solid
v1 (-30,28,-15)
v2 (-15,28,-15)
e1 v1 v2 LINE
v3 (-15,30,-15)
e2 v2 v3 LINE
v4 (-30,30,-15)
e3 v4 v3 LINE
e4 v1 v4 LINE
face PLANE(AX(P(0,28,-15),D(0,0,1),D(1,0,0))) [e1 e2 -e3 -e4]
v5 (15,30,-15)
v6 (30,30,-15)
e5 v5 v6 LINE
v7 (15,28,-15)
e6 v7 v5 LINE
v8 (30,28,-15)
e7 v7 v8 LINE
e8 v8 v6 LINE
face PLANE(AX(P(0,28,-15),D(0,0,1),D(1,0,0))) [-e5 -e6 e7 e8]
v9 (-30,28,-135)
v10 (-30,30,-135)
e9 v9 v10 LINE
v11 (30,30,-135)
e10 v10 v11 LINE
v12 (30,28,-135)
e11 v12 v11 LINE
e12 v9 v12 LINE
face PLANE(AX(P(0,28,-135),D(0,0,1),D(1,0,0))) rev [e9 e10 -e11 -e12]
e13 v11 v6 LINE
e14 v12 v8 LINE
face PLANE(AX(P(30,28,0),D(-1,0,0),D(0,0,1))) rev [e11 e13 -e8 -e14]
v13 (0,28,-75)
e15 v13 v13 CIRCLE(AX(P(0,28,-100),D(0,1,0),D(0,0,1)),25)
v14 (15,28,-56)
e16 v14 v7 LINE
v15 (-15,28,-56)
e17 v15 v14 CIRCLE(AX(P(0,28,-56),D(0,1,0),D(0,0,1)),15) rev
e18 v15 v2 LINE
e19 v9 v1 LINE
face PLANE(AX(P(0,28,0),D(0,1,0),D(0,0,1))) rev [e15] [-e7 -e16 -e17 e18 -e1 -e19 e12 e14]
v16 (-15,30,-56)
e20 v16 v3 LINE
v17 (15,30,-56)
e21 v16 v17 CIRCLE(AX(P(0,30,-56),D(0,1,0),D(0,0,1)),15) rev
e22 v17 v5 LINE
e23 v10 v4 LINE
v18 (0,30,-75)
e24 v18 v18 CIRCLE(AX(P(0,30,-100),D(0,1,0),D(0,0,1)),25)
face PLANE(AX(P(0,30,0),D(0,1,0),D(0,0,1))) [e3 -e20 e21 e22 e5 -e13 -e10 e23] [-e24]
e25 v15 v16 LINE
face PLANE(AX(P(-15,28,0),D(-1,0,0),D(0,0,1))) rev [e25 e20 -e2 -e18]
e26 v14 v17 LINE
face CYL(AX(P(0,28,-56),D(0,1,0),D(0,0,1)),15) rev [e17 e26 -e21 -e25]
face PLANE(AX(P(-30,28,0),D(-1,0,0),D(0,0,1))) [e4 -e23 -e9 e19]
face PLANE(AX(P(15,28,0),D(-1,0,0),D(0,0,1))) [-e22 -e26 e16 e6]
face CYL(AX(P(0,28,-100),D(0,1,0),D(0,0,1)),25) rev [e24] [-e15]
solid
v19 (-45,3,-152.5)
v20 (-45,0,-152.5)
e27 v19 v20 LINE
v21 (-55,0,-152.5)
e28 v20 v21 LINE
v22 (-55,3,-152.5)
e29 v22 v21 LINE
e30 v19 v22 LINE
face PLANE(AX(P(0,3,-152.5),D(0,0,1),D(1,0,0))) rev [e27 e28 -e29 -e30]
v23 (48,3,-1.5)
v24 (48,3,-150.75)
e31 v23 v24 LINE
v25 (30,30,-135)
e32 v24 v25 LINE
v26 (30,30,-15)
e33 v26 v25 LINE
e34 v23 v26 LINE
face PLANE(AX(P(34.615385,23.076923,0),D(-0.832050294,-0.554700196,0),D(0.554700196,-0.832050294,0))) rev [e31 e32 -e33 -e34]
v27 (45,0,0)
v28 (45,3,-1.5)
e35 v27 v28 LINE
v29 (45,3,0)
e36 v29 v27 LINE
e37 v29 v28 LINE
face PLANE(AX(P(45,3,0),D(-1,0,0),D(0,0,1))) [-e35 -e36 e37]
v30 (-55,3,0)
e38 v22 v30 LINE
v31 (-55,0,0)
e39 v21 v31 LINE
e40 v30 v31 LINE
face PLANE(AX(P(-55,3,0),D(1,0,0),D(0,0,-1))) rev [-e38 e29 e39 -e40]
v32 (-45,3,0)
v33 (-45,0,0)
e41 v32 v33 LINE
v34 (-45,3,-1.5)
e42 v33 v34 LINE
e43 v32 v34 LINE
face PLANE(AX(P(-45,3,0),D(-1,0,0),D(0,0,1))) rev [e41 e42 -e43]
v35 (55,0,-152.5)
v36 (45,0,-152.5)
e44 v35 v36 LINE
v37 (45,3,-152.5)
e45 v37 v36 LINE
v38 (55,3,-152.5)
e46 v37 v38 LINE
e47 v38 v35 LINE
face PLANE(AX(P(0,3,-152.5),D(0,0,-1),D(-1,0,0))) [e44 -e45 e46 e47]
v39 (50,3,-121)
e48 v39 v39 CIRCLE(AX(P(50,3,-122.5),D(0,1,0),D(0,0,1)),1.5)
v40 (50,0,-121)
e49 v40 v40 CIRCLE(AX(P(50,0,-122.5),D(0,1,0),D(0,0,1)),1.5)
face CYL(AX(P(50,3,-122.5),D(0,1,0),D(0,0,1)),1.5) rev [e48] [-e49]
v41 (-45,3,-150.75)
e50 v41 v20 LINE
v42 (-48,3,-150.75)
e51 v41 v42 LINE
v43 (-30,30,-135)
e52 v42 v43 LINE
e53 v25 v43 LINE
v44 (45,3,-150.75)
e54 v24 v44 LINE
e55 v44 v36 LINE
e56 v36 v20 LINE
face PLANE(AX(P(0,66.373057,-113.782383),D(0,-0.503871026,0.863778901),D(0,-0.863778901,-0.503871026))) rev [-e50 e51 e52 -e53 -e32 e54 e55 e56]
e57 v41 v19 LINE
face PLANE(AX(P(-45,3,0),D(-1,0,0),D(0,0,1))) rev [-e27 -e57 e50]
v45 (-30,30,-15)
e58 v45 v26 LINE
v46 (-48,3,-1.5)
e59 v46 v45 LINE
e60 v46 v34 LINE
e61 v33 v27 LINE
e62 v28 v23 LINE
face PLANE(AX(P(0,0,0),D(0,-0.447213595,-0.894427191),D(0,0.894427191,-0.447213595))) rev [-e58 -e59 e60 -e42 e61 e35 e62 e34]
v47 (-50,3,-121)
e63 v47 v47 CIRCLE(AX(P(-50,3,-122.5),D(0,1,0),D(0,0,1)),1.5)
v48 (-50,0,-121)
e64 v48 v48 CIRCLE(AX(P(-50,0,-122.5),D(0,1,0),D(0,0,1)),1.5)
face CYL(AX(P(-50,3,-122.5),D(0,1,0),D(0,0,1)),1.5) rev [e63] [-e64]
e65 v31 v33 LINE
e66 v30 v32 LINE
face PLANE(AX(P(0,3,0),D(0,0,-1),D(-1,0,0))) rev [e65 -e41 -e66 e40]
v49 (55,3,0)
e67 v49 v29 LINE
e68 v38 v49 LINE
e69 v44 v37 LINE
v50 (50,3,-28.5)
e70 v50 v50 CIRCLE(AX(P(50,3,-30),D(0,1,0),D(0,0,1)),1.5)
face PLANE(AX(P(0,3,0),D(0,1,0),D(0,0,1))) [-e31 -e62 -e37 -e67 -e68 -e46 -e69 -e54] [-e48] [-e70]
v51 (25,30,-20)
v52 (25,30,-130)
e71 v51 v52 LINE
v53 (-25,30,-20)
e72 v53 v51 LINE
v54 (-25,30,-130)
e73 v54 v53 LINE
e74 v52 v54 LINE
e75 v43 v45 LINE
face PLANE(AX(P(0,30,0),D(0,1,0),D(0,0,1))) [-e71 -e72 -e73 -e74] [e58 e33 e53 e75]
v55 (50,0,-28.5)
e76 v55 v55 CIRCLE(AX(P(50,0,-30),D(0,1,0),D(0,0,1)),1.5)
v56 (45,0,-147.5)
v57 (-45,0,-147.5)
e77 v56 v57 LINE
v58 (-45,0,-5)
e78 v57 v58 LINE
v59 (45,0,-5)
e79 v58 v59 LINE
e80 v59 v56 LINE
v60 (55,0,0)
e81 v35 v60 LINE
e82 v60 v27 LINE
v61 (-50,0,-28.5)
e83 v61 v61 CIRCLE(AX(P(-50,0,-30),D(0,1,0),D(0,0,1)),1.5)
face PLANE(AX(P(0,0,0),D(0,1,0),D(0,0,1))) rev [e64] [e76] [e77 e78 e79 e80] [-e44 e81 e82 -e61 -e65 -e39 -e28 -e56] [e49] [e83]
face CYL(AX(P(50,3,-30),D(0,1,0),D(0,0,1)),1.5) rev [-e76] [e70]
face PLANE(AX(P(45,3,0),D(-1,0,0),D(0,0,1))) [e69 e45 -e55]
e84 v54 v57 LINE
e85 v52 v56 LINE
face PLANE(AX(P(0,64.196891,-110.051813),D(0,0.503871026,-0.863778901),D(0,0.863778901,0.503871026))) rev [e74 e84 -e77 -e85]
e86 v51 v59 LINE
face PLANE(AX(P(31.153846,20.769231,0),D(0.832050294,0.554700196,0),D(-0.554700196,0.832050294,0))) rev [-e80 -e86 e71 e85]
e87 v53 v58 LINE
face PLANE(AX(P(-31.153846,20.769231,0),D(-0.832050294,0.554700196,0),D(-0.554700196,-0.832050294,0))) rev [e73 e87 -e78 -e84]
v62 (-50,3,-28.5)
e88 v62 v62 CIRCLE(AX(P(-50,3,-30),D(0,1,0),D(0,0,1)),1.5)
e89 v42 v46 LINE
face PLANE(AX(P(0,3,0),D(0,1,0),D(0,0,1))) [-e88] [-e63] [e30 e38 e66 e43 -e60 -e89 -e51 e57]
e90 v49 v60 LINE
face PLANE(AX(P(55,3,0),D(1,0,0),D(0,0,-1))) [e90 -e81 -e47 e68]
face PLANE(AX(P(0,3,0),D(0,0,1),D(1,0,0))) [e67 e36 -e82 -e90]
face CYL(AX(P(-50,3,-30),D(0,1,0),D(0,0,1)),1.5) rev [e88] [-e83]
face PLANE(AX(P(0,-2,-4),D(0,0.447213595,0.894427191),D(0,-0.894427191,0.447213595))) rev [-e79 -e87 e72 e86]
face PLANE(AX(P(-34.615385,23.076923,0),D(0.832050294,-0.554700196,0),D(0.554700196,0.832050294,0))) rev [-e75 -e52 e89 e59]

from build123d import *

# Parameters (mm, degrees)
SKETCH6_W             = 10
SKETCH6_H             = 152.5
BOSS_EXTRUDE2_DEPTH   = 3
F_3_0MM_DOWEL_HOLE1_D = 3
SKETCH12_R            = 25
BOSS_EXTRUDE3_DEPTH   = 2


with BuildPart() as part:
    # Sketch1 → Loft8 section 0
    with BuildSketch(Plane(origin=(0, 0, 0), x_dir=(1, 0, 0), z_dir=(0, 1, 0))):
        with BuildLine():
            Line((-50, 152.5), (50, 152.5))
            Line((50, 152.5), (50, 0))
            Line((50, 0), (-50, 0))
            Line((-50, 0), (-50, 152.5))
        make_face()
    # Sketch3 → Loft8 section 1
    with BuildSketch(Plane(origin=(0, 30, 0), x_dir=(1, 0, 0), z_dir=(0, 1, 0))):
        with BuildLine():
            Line((-30, 135), (30, 135))
            Line((30, 135), (30, 15))
            Line((30, 15), (-30, 15))
            Line((-30, 15), (-30, 135))
        make_face()
    loft()

    # Sketch4 → Cut-Loft1 section 0
    with BuildSketch(Plane(origin=(0, 30, 0), x_dir=(1, 0, 0), z_dir=(0, 1, 0))):
        with BuildLine():
            Line((-25, 130), (25, 130))
            Line((25, 130), (25, 20))
            Line((25, 20), (-25, 20))
            Line((-25, 20), (-25, 130))
        make_face()
    # Sketch5 → Cut-Loft1 section 1
    with BuildSketch(Plane(origin=(0, 0, 0), x_dir=(1, 0, 0), z_dir=(0, 1, 0))):
        with BuildLine():
            Line((-45, 147.5), (45, 147.5))
            Line((45, 147.5), (45, 5))
            Line((45, 5), (-45, 5))
            Line((-45, 5), (-45, 147.5))
        make_face()
    loft(mode=Mode.SUBTRACT)

    # Sketch6 → Boss-Extrude2 (add)
    with BuildSketch(Plane(origin=(0, 0, 0), x_dir=(1, 0, 0), z_dir=(0, 1, 0))):
        with Locations((-50, 76.25)):
            Rectangle(SKETCH6_W, SKETCH6_H)
        with Locations((50, 76.25)):
            Rectangle(SKETCH6_W, SKETCH6_H)
    extrude(amount=BOSS_EXTRUDE2_DEPTH)

    # Ø3.0mm Dowel Hole1 (through all)
    with Locations(Plane(origin=(0, 3, 0), x_dir=(1, 0, 0), z_dir=(0, 1, 0))):
        with Locations((50, 30), (-50, 30), (-50, 122.5), (50, 122.5)):
            Hole(F_3_0MM_DOWEL_HOLE1_D / 2)


with BuildPart() as body_2:
    # Sketch12 → Boss-Extrude3 (new body)
    with BuildSketch(Plane(origin=(0, 30, 0), x_dir=(1, 0, 0), z_dir=(0, 1, 0))):
        with BuildLine():
            Line((-15, 15), (-15, 56))
            ThreePointArc((-15, 56), (0, 71), (15, 56))
            Line((15, 56), (15, 15))
            Line((15, 15), (30, 15))
            Line((30, 15), (30, 135))
            Line((30, 135), (-30, 135))
            Line((-30, 135), (-30, 15))
            Line((-30, 15), (-15, 15))
        make_face()
        with Locations(Location((0, 100, 0), (0, 0, 270))):
            Circle(SKETCH12_R, mode=Mode.SUBTRACT)
    extrude(amount=-BOSS_EXTRUDE3_DEPTH)


solid = Compound([part.part, body_2.part])
